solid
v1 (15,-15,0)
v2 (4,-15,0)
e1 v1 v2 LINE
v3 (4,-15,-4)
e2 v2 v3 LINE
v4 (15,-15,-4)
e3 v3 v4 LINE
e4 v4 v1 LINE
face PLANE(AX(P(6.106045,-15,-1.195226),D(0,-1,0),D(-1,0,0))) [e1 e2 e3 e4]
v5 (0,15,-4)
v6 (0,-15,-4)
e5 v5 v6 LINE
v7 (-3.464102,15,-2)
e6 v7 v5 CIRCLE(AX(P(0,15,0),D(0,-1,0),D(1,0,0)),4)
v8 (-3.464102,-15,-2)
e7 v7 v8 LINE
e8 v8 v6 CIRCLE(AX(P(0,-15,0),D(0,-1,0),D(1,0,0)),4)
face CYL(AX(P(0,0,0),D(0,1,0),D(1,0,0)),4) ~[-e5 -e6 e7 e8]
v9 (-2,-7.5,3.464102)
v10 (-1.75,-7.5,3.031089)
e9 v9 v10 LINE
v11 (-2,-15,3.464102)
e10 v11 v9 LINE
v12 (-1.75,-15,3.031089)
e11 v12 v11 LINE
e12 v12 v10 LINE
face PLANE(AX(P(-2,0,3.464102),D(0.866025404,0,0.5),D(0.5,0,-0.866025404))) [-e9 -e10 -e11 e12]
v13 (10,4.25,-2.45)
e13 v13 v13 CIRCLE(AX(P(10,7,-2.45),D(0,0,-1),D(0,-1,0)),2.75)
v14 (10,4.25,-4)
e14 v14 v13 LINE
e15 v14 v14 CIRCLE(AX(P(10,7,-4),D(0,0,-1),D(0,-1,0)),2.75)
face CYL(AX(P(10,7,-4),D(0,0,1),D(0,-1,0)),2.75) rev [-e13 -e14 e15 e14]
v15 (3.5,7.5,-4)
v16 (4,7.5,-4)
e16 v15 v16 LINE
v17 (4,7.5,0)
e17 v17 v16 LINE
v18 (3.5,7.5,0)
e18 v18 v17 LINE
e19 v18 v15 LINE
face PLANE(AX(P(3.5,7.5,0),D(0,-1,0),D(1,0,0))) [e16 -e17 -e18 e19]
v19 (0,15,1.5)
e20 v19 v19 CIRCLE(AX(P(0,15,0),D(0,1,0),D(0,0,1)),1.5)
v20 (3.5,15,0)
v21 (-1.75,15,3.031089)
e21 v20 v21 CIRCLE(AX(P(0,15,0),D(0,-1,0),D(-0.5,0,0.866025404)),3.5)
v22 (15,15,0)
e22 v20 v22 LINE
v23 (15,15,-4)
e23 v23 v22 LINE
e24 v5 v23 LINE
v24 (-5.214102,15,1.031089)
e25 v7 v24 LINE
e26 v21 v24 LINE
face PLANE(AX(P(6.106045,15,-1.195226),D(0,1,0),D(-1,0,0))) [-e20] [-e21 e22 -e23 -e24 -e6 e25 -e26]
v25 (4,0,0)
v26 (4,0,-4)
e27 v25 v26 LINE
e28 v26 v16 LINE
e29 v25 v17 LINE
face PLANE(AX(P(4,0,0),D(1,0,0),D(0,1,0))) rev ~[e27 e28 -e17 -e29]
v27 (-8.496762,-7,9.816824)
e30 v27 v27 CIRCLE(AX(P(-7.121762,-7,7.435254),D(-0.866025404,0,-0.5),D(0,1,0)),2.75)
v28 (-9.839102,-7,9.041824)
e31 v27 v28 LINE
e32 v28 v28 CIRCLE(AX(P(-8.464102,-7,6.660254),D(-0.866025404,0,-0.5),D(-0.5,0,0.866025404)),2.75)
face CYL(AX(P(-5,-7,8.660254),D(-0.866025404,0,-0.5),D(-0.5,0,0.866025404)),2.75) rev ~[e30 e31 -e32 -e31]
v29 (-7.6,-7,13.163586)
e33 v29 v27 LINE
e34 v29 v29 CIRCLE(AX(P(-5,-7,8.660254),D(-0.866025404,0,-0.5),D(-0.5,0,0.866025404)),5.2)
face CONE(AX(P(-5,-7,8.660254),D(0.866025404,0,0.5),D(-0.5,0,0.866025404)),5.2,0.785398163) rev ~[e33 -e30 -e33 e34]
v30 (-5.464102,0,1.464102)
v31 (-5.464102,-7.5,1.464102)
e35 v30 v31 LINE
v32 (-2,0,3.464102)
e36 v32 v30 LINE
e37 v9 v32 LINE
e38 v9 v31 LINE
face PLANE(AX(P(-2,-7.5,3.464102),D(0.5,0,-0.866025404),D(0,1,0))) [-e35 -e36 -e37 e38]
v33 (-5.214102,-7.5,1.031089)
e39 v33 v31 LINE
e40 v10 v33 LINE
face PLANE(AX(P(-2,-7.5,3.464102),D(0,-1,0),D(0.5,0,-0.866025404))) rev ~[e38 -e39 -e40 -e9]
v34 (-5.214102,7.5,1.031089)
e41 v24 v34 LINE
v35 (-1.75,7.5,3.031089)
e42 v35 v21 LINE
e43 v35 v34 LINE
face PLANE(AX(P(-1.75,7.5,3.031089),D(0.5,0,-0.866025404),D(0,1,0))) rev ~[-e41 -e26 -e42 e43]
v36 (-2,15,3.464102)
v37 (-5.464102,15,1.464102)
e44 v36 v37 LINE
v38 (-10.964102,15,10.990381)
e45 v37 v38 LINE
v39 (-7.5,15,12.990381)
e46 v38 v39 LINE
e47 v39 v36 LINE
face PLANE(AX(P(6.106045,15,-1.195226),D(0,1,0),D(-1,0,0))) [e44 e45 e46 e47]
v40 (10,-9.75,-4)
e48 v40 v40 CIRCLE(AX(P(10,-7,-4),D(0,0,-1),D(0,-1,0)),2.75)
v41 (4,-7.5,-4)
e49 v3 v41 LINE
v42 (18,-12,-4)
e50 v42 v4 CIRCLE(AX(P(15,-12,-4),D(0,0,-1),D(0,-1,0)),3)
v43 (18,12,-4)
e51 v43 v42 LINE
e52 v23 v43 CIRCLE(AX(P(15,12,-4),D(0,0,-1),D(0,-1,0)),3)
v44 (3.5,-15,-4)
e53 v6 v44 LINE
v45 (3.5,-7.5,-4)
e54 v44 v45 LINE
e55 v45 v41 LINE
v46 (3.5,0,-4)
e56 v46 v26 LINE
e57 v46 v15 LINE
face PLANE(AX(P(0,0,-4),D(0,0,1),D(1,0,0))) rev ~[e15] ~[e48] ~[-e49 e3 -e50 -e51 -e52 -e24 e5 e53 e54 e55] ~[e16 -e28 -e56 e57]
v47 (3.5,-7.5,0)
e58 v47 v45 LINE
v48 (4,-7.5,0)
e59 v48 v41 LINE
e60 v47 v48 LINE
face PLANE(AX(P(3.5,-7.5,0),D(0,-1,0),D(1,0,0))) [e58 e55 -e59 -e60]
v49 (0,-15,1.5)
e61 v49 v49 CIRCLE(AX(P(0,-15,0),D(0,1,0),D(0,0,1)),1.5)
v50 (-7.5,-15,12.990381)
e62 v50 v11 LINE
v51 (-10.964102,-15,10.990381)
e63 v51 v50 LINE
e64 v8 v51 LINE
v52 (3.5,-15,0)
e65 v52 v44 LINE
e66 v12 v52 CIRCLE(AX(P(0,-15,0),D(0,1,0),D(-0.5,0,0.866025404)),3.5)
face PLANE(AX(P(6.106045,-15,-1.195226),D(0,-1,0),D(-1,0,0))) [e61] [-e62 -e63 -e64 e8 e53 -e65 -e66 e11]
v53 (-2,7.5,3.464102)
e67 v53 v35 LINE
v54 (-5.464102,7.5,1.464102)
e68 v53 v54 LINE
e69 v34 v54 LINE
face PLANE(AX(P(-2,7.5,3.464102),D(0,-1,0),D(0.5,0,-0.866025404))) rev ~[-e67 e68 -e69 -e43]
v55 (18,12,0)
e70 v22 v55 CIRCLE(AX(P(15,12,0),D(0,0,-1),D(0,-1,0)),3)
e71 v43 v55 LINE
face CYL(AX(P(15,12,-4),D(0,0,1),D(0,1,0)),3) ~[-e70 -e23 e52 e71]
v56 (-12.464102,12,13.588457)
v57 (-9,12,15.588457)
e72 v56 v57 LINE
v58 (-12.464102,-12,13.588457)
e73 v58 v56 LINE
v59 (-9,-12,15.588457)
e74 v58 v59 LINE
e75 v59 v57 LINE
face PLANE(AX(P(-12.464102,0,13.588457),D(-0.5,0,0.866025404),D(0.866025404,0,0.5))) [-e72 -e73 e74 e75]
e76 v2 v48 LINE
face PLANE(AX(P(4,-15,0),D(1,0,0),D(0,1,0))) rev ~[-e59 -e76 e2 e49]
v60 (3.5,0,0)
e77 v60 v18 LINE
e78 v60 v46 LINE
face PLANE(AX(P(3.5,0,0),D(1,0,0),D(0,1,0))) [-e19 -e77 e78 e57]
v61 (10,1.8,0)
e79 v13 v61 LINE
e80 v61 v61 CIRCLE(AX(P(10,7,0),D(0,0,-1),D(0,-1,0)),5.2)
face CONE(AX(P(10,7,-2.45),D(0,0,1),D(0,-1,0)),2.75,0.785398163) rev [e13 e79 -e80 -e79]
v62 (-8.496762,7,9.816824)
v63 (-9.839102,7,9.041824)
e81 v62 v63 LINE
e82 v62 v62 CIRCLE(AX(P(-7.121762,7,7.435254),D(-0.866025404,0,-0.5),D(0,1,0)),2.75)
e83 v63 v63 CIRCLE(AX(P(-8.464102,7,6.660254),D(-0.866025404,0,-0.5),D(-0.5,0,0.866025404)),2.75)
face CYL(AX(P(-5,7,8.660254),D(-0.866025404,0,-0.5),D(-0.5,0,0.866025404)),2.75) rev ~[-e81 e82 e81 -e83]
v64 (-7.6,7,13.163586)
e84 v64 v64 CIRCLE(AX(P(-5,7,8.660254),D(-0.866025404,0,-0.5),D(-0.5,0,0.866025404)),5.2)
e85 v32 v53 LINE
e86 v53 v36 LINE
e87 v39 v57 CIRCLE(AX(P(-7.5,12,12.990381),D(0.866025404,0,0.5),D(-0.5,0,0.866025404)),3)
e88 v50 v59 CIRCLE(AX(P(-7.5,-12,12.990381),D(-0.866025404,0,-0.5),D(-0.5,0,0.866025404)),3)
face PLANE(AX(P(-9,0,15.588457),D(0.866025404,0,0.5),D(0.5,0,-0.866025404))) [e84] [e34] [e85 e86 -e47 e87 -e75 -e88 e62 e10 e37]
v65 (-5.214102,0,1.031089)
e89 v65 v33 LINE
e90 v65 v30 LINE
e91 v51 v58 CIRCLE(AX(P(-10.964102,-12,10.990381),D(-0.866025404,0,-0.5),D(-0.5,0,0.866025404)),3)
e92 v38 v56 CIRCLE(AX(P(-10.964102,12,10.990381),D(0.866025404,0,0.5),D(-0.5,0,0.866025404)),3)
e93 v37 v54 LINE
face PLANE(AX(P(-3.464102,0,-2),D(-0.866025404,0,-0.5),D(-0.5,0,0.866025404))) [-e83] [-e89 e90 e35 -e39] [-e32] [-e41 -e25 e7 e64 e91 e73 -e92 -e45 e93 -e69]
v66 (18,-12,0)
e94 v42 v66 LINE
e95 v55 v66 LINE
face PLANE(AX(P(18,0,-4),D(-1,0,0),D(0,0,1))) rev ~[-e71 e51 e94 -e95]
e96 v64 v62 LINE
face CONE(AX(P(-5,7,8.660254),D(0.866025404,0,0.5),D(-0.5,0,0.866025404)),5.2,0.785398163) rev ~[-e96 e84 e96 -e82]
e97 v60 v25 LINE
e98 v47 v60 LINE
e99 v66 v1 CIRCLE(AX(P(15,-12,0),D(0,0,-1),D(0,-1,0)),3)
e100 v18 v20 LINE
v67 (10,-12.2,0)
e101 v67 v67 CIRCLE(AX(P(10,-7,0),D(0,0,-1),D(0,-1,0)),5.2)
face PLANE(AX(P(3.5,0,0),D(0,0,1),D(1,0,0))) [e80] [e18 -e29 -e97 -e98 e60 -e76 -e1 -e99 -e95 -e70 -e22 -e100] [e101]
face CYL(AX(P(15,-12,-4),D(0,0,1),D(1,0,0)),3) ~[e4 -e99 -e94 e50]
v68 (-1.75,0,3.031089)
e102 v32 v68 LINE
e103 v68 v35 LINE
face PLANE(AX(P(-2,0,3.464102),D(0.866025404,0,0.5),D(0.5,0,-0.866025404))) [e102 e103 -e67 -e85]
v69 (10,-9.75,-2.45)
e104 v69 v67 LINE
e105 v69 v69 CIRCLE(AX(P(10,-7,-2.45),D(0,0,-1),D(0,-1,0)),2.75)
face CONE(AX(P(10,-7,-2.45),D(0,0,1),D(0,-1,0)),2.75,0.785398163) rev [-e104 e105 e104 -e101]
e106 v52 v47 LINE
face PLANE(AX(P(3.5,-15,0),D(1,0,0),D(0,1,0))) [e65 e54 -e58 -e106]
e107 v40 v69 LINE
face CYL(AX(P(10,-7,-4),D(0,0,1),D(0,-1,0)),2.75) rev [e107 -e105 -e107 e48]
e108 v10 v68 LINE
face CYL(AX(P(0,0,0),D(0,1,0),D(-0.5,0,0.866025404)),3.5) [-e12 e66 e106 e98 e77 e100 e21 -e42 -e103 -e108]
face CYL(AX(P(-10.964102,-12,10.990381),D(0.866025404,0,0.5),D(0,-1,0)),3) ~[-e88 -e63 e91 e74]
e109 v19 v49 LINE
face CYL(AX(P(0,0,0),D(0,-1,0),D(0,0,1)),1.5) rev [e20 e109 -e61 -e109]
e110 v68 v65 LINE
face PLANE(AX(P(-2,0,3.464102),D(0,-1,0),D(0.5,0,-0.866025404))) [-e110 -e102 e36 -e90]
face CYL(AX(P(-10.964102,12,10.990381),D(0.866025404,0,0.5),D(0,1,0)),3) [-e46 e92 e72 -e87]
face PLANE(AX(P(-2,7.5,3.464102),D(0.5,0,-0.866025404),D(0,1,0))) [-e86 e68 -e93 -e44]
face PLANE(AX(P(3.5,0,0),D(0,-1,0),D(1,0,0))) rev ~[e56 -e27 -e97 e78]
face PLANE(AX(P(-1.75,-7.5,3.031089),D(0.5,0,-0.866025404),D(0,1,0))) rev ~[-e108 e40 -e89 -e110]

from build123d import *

# Parameters (mm, degrees)
SKETCH_9_R                  = 1.5
EXTRUDE_4_DEPTH             = 15
EXTRUDE_4_DEPTH_BACK        = 15
EXTRUDE_5_REACH             = 17
SKETCH_10_R                 = 1.5
EXTRUDE_5_DIRECTION_2_REACH = 17
HOLE_WIZARD_M52_AT_2_COUNT  = 2
HOLE_WIZARD_M52_AT_2_PITCH  = 14
HOLE_WIZARD_M51_D           = 5.5
HOLE_WIZARD_M51_CSINK_D     = 10.4
HOLE_WIZARD_M51_CSINK_ANGLE = 90
CUT_EXTRUDE_3_DEPTH         = 16
CUT_EXTRUDE_3_DEPTH_BACK    = 16
SKETCH_25_W                 = 0.5
SKETCH_25_H                 = 7.5
CUT_EXTRUDE_7_DEPTH         = 13.794228634
SKETCH_27_W                 = 0.5
SKETCH_27_H                 = 7.5
CUT_EXTRUDE_8_DEPTH         = 5
FILLET_4_R                  = 3


with BuildPart() as part:
    # Sketch 9 → Extrude 4 (new body, two sides)
    with BuildSketch(Plane(origin=(0, 0, 0), x_dir=(1, 0, 0), z_dir=(0, 1, 0))) as extrude_4_sk:
        with BuildLine():
            Line((0, 4), (18, 4))
            Line((18, 4), (18, 0))
            Line((18, 0), (4, 0))
            ThreePointArc((4, 0), (-2.828427125, -2.828427125), (0, 4))
        make_face()
        with Locations(Location((0, 0, 0), (0, 0, 270))):  # turned: the seam where the file's is
            Circle(SKETCH_9_R, mode=Mode.SUBTRACT)
    extrude(amount=EXTRUDE_4_DEPTH)
    extrude(extrude_4_sk.sketch, amount=-EXTRUDE_4_DEPTH_BACK)

    # Extrude 5: up to this face of the body (flat: up to its plane)
    extrude_5_end = Plane(part.part.faces().sort_by_distance((6.10604541, 15, -1.19522591))[0])
    # Sketch 10 → Extrude 5 (add, up to the picked face)
    with BuildSketch(Plane(origin=(0, 0, 0), x_dir=(1, 0, 0), z_dir=(0, 1, 0)), mode=Mode.PRIVATE) as extrude_5_sk1:
        with BuildLine():
            Line((-3.464101615, 2), (-12.464101615, -13.588457268))
            Line((-12.464101615, -13.588457268), (-9, -15.588457268))
            Line((-9, -15.588457268), (-2, -3.464101615))
            ThreePointArc((-2, -3.464101615), (3.863703305, 1.03527618), (-3.464101615, 2))
        make_face()
        with Locations(Location((0, 0, 0), (0, 0, 270))):  # turned: the seam where the file's is
            Circle(SKETCH_10_R, mode=Mode.SUBTRACT)
    extrude_5_tool1 = split(extrude(extrude_5_sk1.sketch, amount=EXTRUDE_5_REACH, mode=Mode.PRIVATE), bisect_by=extrude_5_end, keep=Keep.BOTH, mode=Mode.PRIVATE)
    add(extrude_5_tool1.solids().sort_by(Axis((-4.088119, 0, 4.690377), (0, 1, 0)))[0])

    # Extrude 5 direction 2: up to this face of the body (flat: up to its plane)
    extrude_5_direction_2_end = Plane(part.part.faces().sort_by_distance((6.10604541, -15, -1.19522591))[0])
    # Sketch 10 → Extrude 5 direction 2 (add, up to the picked face)
    with BuildSketch(Plane(origin=(0, 0, 0), x_dir=(1, 0, 0), z_dir=(0, 1, 0)), mode=Mode.PRIVATE) as extrude_5_direction_2_sk1:
        with BuildLine():
            Line((-3.464101615, 2), (-12.464101615, -13.588457268))
            Line((-12.464101615, -13.588457268), (-9, -15.588457268))
            Line((-9, -15.588457268), (-2, -3.464101615))
            ThreePointArc((-2, -3.464101615), (3.863703305, 1.03527618), (-3.464101615, 2))
        make_face()
        with Locations(Location((0, 0, 0), (0, 0, 270))):  # turned: the seam where the file's is
            Circle(SKETCH_10_R, mode=Mode.SUBTRACT)
    extrude_5_direction_2_tool1 = split(extrude(extrude_5_direction_2_sk1.sketch, amount=-EXTRUDE_5_DIRECTION_2_REACH, mode=Mode.PRIVATE), bisect_by=extrude_5_direction_2_end, keep=Keep.BOTH, mode=Mode.PRIVATE)
    add(extrude_5_direction_2_tool1.solids().sort_by(Axis((-4.088119, 0, 4.690377), (0, -1, 0)))[0])

    # Sketch 12 → Hole Wizard M52 (revolve, cut)
    with BuildSketch(Plane(origin=(10, 7, 0), x_dir=(0, -1, 0), z_dir=(1, 0, 0))):
        Polygon((0, 0), (0, 4), (2.75, 4), (2.75, 2.45), (5.2, 0), align=None)
    hole_wizard_m52 = revolve(axis=Axis((10, 7, 6.35), (0, 0, -1)), mode=Mode.SUBTRACT)

    # Hole Wizard M52 at 2: Hole Wizard M52 ×2
    with Locations(*[(0, -i * HOLE_WIZARD_M52_AT_2_PITCH, 0) for i in range(1, HOLE_WIZARD_M52_AT_2_COUNT)]):
        add(hole_wizard_m52, mode=Mode.SUBTRACT)

    # Hole Wizard M51 (through all)
    with Locations(Plane(origin=(0, 0, 0), x_dir=(0.5, 0, -0.866025404), z_dir=(0.866025404, 0, 0.5))):
        with Locations((-10, 7), (-10, -7)):
            CounterSinkHole(HOLE_WIZARD_M51_D / 2, HOLE_WIZARD_M51_CSINK_D / 2, counter_sink_angle=HOLE_WIZARD_M51_CSINK_ANGLE)

    # Sketch 17 → Cut-Extrude 3 (cut, two sides)
    with BuildSketch(Plane(origin=(0, 0, 0), x_dir=(1, 0, 0), z_dir=(0, 1, 0))) as cut_extrude_3_sk:
        with BuildLine():
            Line((-2, -3.464101615), (-1.75, -3.031088913))
            ThreePointArc((-1.75, -3.031088913), (1.75, -3.031088913), (3.5, 0))
            Line((3.5, 0), (4, 0))
            ThreePointArc((4, 0), (2, -3.464101615), (-2, -3.464101615))
        make_face()
    extrude(amount=CUT_EXTRUDE_3_DEPTH, mode=Mode.SUBTRACT)
    extrude(cut_extrude_3_sk.sketch, amount=-CUT_EXTRUDE_3_DEPTH_BACK, mode=Mode.SUBTRACT)

    # Sketch 25 → Cut-Extrude 7 (cut, through all)
    with BuildSketch(Plane(origin=(0, 0, 0), x_dir=(0.5, 0, -0.866025404), z_dir=(0.866025404, 0, 0.5))):
        with Locations((-3.75, 11.25)):
            Rectangle(SKETCH_25_W, SKETCH_25_H)
        with Locations((-3.75, -3.75)):
            Rectangle(SKETCH_25_W, SKETCH_25_H)
    extrude(amount=-CUT_EXTRUDE_7_DEPTH, mode=Mode.SUBTRACT)

    # Sketch 27 → Cut-Extrude 8 (cut, through all)
    with BuildSketch(Plane.XY):
        with Locations((3.75, 3.75)):
            Rectangle(SKETCH_27_W, SKETCH_27_H)
        with Locations((3.75, -11.25)):
            Rectangle(SKETCH_27_W, SKETCH_27_H)
    extrude(amount=-CUT_EXTRUDE_8_DEPTH, mode=Mode.SUBTRACT)

    # Fillet 4
    fillet_4_edges = [part.edges().sort_by_distance(p)[0] for p in [
        (18, -15, -2),
        (18, 15, -2),
        (-10.732050808, 15, 14.588457268),
        (-10.732050808, -15, 14.588457268),
    ]]
    fillet(fillet_4_edges, radius=FILLET_4_R)


solid = part.part
